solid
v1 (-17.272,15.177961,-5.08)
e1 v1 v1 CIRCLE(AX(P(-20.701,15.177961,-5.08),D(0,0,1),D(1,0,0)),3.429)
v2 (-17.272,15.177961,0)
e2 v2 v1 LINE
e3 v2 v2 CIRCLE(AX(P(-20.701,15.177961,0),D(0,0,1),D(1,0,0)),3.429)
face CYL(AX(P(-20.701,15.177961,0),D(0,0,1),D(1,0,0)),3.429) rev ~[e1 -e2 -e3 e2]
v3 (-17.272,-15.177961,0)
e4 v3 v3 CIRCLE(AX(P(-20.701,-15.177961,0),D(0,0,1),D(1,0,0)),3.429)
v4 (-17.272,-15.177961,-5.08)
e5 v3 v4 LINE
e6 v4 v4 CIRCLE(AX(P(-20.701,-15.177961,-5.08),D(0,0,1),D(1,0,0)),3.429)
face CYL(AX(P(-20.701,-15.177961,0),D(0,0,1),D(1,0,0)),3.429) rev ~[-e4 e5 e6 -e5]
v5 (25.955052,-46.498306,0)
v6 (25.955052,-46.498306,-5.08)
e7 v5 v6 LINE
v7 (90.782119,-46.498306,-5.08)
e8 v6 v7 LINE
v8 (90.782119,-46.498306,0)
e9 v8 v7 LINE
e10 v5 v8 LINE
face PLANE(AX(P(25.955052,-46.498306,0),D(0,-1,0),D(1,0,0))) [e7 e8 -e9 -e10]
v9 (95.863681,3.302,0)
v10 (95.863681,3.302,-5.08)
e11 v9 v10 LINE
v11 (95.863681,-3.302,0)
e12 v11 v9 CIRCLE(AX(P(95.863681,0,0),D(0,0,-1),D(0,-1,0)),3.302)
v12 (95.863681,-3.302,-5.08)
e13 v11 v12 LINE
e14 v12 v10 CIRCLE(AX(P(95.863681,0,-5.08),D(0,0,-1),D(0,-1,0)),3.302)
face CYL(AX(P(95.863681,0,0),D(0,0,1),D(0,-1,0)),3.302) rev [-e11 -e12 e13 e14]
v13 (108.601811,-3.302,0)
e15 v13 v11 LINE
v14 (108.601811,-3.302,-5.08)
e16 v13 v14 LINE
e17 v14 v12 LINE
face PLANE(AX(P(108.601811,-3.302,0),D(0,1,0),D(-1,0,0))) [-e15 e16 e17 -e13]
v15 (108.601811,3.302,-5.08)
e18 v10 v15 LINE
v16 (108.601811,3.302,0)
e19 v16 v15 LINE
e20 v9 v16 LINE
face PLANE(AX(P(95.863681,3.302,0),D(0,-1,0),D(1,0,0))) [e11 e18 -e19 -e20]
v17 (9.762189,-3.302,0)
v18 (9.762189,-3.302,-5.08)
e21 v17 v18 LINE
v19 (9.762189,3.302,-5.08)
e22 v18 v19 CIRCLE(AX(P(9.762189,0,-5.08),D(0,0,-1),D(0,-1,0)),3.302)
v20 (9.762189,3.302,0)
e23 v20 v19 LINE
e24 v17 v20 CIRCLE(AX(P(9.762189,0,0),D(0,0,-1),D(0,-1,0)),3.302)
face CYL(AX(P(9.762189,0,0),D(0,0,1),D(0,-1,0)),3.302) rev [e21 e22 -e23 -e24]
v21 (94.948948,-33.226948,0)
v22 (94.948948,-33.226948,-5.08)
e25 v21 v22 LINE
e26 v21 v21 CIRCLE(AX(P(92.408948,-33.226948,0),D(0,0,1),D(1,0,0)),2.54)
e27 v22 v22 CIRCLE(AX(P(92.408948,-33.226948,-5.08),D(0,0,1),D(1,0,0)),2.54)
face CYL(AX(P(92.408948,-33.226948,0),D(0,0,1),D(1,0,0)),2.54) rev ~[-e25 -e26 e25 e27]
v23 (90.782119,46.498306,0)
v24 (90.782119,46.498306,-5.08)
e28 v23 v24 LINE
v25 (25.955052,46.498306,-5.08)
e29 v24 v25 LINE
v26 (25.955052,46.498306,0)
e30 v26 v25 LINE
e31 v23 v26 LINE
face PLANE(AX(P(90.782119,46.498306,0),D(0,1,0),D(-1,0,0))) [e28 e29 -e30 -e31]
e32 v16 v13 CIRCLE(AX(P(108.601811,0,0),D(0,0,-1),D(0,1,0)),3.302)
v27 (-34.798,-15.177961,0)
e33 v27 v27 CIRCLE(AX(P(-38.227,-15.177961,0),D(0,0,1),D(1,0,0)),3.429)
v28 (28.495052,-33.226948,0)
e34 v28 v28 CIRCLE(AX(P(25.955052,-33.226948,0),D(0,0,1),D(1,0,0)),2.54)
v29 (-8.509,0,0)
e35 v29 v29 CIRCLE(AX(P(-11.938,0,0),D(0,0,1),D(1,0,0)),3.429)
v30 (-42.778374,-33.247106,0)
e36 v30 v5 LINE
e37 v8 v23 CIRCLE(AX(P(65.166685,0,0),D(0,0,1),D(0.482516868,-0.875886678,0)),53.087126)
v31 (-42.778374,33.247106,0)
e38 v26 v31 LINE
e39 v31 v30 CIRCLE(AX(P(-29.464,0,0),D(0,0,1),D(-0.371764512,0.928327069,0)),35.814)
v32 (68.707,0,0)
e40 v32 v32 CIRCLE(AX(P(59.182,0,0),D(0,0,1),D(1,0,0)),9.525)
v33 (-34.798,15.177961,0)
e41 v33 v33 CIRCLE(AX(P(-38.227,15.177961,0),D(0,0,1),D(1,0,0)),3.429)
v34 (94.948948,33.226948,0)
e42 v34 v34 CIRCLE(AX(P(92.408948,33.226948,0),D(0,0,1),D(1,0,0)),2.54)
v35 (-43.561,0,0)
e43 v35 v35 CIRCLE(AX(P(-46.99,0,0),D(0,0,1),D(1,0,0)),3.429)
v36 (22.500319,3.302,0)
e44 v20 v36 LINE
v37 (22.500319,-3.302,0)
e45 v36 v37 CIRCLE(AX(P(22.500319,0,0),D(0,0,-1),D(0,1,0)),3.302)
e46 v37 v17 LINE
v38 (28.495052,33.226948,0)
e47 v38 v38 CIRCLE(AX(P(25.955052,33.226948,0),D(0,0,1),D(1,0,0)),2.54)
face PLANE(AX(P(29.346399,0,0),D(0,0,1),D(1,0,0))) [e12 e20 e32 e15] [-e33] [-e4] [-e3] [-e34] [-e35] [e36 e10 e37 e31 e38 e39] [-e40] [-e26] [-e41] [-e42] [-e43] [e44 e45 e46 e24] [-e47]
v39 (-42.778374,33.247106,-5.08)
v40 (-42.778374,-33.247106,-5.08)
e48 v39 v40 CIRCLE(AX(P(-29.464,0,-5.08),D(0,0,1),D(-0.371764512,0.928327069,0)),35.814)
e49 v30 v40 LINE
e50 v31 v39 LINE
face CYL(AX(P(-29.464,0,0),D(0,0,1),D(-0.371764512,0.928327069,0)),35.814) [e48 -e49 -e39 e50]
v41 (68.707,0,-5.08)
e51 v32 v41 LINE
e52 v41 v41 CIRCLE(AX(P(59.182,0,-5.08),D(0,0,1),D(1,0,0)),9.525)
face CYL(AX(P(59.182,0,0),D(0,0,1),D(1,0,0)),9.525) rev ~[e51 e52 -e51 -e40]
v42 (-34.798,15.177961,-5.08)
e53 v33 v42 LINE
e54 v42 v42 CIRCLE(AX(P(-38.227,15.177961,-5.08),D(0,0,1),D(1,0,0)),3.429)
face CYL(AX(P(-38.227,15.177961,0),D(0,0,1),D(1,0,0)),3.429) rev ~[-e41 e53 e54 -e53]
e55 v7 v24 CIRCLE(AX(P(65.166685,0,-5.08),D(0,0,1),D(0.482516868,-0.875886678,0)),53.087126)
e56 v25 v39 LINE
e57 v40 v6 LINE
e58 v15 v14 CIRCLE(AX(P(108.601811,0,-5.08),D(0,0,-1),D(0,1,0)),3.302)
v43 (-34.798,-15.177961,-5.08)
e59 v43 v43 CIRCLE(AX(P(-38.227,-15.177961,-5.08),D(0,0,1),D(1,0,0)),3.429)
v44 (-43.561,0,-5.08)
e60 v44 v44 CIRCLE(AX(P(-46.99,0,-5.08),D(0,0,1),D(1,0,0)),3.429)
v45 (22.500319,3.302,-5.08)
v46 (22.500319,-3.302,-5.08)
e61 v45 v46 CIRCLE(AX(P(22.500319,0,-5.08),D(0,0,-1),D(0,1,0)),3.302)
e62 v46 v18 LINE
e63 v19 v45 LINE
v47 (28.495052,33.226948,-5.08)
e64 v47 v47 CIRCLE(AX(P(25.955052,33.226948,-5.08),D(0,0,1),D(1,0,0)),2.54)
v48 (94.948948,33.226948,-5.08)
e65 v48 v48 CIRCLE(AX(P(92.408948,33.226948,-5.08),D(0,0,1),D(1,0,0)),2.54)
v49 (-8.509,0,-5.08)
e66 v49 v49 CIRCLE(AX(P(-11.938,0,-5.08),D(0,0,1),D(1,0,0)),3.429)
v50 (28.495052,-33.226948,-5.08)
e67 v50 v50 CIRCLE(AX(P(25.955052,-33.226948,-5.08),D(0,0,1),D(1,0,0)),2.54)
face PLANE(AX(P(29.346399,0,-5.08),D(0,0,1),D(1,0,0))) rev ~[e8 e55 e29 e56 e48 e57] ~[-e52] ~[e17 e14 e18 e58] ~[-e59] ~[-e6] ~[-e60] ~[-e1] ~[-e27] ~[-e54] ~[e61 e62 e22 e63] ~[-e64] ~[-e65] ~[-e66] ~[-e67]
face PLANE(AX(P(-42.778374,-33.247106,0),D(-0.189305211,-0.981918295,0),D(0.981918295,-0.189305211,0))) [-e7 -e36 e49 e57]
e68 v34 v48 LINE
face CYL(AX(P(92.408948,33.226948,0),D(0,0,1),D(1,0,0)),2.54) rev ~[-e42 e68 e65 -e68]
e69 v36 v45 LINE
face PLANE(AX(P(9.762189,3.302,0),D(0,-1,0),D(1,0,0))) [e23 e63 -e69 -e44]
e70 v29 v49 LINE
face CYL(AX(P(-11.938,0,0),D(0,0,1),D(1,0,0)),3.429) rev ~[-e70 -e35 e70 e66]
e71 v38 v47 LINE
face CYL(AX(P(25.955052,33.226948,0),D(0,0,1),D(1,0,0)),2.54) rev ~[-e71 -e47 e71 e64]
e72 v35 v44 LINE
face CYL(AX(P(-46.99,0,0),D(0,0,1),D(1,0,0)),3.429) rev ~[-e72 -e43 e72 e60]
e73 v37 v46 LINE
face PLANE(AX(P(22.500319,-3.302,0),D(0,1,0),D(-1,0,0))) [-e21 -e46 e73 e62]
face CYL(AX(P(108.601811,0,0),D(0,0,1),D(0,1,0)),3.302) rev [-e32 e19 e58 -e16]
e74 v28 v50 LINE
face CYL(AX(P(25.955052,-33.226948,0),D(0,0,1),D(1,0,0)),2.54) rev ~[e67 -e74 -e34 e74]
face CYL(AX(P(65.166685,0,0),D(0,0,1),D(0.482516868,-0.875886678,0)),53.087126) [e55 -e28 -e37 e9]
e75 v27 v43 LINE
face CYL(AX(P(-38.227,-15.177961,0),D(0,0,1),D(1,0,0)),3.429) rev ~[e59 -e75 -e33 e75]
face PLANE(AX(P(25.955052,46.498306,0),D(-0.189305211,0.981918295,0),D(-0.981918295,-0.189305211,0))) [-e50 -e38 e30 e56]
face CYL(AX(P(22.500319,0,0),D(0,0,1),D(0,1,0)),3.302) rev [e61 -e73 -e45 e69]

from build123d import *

# Parameters (mm, degrees)
F0_R     = 2.54
F0_R_2   = 3.429
F0_R_3   = 9.525
F1_DEPTH = 5.08


with BuildPart() as f1:
    # F0 (on Top) → F1 (new body)
    with BuildSketch(Plane.XY):
        with BuildLine():
            Line((25.955052, 46.498306), (-42.778374, 33.247106))
            ThreePointArc((-42.778374, 33.247106), (-65.278, 0), (-42.778374, -33.247106))
            Line((-42.778374, -33.247106), (25.955052, -46.498306))
            Line((25.955052, -46.498306), (90.782119, -46.498306))
            ThreePointArc((90.782119, -46.498306), (118.253811, 0), (90.782119, 46.498306))
            Line((90.782119, 46.498306), (25.955052, 46.498306))
        make_face()
        with Locations((25.955052, -33.226948)):
            Circle(F0_R, mode=Mode.SUBTRACT)
        with Locations((-38.227, -15.177961)):
            Circle(F0_R_2, mode=Mode.SUBTRACT)
        with Locations((-20.701, -15.177961)):
            Circle(F0_R_2, mode=Mode.SUBTRACT)
        with Locations((92.408948, -33.226948)):
            Circle(F0_R, mode=Mode.SUBTRACT)
        with Locations((-46.99, 0)):
            Circle(F0_R_2, mode=Mode.SUBTRACT)
        with Locations((-38.227, 15.177961)):
            Circle(F0_R_2, mode=Mode.SUBTRACT)
        with Locations((-20.701, 15.177961)):
            Circle(F0_R_2, mode=Mode.SUBTRACT)
        with Locations((-11.938, 0)):
            Circle(F0_R_2, mode=Mode.SUBTRACT)
        with BuildLine():
            ThreePointArc((22.500319, 3.302), (25.802319, 0), (22.500319, -3.302))
            Line((22.500319, -3.302), (9.762189, -3.302))
            ThreePointArc((9.762189, -3.302), (6.460189, 0), (9.762189, 3.302))
            Line((9.762189, 3.302), (22.500319, 3.302))
        make_face(mode=Mode.SUBTRACT)
        with Locations((25.955052, 33.226948)):
            Circle(F0_R, mode=Mode.SUBTRACT)
        with Locations((59.182, 0)):
            Circle(F0_R_3, mode=Mode.SUBTRACT)
        with BuildLine():
            ThreePointArc((95.863681, -3.302), (92.561681, 0), (95.863681, 3.302))
            Line((95.863681, 3.302), (108.601811, 3.302))
            ThreePointArc((108.601811, 3.302), (111.903811, 0), (108.601811, -3.302))
            Line((108.601811, -3.302), (95.863681, -3.302))
        make_face(mode=Mode.SUBTRACT)
        with Locations((92.408948, 33.226948)):
            Circle(F0_R, mode=Mode.SUBTRACT)
    extrude(amount=-F1_DEPTH)


solid = f1.part
